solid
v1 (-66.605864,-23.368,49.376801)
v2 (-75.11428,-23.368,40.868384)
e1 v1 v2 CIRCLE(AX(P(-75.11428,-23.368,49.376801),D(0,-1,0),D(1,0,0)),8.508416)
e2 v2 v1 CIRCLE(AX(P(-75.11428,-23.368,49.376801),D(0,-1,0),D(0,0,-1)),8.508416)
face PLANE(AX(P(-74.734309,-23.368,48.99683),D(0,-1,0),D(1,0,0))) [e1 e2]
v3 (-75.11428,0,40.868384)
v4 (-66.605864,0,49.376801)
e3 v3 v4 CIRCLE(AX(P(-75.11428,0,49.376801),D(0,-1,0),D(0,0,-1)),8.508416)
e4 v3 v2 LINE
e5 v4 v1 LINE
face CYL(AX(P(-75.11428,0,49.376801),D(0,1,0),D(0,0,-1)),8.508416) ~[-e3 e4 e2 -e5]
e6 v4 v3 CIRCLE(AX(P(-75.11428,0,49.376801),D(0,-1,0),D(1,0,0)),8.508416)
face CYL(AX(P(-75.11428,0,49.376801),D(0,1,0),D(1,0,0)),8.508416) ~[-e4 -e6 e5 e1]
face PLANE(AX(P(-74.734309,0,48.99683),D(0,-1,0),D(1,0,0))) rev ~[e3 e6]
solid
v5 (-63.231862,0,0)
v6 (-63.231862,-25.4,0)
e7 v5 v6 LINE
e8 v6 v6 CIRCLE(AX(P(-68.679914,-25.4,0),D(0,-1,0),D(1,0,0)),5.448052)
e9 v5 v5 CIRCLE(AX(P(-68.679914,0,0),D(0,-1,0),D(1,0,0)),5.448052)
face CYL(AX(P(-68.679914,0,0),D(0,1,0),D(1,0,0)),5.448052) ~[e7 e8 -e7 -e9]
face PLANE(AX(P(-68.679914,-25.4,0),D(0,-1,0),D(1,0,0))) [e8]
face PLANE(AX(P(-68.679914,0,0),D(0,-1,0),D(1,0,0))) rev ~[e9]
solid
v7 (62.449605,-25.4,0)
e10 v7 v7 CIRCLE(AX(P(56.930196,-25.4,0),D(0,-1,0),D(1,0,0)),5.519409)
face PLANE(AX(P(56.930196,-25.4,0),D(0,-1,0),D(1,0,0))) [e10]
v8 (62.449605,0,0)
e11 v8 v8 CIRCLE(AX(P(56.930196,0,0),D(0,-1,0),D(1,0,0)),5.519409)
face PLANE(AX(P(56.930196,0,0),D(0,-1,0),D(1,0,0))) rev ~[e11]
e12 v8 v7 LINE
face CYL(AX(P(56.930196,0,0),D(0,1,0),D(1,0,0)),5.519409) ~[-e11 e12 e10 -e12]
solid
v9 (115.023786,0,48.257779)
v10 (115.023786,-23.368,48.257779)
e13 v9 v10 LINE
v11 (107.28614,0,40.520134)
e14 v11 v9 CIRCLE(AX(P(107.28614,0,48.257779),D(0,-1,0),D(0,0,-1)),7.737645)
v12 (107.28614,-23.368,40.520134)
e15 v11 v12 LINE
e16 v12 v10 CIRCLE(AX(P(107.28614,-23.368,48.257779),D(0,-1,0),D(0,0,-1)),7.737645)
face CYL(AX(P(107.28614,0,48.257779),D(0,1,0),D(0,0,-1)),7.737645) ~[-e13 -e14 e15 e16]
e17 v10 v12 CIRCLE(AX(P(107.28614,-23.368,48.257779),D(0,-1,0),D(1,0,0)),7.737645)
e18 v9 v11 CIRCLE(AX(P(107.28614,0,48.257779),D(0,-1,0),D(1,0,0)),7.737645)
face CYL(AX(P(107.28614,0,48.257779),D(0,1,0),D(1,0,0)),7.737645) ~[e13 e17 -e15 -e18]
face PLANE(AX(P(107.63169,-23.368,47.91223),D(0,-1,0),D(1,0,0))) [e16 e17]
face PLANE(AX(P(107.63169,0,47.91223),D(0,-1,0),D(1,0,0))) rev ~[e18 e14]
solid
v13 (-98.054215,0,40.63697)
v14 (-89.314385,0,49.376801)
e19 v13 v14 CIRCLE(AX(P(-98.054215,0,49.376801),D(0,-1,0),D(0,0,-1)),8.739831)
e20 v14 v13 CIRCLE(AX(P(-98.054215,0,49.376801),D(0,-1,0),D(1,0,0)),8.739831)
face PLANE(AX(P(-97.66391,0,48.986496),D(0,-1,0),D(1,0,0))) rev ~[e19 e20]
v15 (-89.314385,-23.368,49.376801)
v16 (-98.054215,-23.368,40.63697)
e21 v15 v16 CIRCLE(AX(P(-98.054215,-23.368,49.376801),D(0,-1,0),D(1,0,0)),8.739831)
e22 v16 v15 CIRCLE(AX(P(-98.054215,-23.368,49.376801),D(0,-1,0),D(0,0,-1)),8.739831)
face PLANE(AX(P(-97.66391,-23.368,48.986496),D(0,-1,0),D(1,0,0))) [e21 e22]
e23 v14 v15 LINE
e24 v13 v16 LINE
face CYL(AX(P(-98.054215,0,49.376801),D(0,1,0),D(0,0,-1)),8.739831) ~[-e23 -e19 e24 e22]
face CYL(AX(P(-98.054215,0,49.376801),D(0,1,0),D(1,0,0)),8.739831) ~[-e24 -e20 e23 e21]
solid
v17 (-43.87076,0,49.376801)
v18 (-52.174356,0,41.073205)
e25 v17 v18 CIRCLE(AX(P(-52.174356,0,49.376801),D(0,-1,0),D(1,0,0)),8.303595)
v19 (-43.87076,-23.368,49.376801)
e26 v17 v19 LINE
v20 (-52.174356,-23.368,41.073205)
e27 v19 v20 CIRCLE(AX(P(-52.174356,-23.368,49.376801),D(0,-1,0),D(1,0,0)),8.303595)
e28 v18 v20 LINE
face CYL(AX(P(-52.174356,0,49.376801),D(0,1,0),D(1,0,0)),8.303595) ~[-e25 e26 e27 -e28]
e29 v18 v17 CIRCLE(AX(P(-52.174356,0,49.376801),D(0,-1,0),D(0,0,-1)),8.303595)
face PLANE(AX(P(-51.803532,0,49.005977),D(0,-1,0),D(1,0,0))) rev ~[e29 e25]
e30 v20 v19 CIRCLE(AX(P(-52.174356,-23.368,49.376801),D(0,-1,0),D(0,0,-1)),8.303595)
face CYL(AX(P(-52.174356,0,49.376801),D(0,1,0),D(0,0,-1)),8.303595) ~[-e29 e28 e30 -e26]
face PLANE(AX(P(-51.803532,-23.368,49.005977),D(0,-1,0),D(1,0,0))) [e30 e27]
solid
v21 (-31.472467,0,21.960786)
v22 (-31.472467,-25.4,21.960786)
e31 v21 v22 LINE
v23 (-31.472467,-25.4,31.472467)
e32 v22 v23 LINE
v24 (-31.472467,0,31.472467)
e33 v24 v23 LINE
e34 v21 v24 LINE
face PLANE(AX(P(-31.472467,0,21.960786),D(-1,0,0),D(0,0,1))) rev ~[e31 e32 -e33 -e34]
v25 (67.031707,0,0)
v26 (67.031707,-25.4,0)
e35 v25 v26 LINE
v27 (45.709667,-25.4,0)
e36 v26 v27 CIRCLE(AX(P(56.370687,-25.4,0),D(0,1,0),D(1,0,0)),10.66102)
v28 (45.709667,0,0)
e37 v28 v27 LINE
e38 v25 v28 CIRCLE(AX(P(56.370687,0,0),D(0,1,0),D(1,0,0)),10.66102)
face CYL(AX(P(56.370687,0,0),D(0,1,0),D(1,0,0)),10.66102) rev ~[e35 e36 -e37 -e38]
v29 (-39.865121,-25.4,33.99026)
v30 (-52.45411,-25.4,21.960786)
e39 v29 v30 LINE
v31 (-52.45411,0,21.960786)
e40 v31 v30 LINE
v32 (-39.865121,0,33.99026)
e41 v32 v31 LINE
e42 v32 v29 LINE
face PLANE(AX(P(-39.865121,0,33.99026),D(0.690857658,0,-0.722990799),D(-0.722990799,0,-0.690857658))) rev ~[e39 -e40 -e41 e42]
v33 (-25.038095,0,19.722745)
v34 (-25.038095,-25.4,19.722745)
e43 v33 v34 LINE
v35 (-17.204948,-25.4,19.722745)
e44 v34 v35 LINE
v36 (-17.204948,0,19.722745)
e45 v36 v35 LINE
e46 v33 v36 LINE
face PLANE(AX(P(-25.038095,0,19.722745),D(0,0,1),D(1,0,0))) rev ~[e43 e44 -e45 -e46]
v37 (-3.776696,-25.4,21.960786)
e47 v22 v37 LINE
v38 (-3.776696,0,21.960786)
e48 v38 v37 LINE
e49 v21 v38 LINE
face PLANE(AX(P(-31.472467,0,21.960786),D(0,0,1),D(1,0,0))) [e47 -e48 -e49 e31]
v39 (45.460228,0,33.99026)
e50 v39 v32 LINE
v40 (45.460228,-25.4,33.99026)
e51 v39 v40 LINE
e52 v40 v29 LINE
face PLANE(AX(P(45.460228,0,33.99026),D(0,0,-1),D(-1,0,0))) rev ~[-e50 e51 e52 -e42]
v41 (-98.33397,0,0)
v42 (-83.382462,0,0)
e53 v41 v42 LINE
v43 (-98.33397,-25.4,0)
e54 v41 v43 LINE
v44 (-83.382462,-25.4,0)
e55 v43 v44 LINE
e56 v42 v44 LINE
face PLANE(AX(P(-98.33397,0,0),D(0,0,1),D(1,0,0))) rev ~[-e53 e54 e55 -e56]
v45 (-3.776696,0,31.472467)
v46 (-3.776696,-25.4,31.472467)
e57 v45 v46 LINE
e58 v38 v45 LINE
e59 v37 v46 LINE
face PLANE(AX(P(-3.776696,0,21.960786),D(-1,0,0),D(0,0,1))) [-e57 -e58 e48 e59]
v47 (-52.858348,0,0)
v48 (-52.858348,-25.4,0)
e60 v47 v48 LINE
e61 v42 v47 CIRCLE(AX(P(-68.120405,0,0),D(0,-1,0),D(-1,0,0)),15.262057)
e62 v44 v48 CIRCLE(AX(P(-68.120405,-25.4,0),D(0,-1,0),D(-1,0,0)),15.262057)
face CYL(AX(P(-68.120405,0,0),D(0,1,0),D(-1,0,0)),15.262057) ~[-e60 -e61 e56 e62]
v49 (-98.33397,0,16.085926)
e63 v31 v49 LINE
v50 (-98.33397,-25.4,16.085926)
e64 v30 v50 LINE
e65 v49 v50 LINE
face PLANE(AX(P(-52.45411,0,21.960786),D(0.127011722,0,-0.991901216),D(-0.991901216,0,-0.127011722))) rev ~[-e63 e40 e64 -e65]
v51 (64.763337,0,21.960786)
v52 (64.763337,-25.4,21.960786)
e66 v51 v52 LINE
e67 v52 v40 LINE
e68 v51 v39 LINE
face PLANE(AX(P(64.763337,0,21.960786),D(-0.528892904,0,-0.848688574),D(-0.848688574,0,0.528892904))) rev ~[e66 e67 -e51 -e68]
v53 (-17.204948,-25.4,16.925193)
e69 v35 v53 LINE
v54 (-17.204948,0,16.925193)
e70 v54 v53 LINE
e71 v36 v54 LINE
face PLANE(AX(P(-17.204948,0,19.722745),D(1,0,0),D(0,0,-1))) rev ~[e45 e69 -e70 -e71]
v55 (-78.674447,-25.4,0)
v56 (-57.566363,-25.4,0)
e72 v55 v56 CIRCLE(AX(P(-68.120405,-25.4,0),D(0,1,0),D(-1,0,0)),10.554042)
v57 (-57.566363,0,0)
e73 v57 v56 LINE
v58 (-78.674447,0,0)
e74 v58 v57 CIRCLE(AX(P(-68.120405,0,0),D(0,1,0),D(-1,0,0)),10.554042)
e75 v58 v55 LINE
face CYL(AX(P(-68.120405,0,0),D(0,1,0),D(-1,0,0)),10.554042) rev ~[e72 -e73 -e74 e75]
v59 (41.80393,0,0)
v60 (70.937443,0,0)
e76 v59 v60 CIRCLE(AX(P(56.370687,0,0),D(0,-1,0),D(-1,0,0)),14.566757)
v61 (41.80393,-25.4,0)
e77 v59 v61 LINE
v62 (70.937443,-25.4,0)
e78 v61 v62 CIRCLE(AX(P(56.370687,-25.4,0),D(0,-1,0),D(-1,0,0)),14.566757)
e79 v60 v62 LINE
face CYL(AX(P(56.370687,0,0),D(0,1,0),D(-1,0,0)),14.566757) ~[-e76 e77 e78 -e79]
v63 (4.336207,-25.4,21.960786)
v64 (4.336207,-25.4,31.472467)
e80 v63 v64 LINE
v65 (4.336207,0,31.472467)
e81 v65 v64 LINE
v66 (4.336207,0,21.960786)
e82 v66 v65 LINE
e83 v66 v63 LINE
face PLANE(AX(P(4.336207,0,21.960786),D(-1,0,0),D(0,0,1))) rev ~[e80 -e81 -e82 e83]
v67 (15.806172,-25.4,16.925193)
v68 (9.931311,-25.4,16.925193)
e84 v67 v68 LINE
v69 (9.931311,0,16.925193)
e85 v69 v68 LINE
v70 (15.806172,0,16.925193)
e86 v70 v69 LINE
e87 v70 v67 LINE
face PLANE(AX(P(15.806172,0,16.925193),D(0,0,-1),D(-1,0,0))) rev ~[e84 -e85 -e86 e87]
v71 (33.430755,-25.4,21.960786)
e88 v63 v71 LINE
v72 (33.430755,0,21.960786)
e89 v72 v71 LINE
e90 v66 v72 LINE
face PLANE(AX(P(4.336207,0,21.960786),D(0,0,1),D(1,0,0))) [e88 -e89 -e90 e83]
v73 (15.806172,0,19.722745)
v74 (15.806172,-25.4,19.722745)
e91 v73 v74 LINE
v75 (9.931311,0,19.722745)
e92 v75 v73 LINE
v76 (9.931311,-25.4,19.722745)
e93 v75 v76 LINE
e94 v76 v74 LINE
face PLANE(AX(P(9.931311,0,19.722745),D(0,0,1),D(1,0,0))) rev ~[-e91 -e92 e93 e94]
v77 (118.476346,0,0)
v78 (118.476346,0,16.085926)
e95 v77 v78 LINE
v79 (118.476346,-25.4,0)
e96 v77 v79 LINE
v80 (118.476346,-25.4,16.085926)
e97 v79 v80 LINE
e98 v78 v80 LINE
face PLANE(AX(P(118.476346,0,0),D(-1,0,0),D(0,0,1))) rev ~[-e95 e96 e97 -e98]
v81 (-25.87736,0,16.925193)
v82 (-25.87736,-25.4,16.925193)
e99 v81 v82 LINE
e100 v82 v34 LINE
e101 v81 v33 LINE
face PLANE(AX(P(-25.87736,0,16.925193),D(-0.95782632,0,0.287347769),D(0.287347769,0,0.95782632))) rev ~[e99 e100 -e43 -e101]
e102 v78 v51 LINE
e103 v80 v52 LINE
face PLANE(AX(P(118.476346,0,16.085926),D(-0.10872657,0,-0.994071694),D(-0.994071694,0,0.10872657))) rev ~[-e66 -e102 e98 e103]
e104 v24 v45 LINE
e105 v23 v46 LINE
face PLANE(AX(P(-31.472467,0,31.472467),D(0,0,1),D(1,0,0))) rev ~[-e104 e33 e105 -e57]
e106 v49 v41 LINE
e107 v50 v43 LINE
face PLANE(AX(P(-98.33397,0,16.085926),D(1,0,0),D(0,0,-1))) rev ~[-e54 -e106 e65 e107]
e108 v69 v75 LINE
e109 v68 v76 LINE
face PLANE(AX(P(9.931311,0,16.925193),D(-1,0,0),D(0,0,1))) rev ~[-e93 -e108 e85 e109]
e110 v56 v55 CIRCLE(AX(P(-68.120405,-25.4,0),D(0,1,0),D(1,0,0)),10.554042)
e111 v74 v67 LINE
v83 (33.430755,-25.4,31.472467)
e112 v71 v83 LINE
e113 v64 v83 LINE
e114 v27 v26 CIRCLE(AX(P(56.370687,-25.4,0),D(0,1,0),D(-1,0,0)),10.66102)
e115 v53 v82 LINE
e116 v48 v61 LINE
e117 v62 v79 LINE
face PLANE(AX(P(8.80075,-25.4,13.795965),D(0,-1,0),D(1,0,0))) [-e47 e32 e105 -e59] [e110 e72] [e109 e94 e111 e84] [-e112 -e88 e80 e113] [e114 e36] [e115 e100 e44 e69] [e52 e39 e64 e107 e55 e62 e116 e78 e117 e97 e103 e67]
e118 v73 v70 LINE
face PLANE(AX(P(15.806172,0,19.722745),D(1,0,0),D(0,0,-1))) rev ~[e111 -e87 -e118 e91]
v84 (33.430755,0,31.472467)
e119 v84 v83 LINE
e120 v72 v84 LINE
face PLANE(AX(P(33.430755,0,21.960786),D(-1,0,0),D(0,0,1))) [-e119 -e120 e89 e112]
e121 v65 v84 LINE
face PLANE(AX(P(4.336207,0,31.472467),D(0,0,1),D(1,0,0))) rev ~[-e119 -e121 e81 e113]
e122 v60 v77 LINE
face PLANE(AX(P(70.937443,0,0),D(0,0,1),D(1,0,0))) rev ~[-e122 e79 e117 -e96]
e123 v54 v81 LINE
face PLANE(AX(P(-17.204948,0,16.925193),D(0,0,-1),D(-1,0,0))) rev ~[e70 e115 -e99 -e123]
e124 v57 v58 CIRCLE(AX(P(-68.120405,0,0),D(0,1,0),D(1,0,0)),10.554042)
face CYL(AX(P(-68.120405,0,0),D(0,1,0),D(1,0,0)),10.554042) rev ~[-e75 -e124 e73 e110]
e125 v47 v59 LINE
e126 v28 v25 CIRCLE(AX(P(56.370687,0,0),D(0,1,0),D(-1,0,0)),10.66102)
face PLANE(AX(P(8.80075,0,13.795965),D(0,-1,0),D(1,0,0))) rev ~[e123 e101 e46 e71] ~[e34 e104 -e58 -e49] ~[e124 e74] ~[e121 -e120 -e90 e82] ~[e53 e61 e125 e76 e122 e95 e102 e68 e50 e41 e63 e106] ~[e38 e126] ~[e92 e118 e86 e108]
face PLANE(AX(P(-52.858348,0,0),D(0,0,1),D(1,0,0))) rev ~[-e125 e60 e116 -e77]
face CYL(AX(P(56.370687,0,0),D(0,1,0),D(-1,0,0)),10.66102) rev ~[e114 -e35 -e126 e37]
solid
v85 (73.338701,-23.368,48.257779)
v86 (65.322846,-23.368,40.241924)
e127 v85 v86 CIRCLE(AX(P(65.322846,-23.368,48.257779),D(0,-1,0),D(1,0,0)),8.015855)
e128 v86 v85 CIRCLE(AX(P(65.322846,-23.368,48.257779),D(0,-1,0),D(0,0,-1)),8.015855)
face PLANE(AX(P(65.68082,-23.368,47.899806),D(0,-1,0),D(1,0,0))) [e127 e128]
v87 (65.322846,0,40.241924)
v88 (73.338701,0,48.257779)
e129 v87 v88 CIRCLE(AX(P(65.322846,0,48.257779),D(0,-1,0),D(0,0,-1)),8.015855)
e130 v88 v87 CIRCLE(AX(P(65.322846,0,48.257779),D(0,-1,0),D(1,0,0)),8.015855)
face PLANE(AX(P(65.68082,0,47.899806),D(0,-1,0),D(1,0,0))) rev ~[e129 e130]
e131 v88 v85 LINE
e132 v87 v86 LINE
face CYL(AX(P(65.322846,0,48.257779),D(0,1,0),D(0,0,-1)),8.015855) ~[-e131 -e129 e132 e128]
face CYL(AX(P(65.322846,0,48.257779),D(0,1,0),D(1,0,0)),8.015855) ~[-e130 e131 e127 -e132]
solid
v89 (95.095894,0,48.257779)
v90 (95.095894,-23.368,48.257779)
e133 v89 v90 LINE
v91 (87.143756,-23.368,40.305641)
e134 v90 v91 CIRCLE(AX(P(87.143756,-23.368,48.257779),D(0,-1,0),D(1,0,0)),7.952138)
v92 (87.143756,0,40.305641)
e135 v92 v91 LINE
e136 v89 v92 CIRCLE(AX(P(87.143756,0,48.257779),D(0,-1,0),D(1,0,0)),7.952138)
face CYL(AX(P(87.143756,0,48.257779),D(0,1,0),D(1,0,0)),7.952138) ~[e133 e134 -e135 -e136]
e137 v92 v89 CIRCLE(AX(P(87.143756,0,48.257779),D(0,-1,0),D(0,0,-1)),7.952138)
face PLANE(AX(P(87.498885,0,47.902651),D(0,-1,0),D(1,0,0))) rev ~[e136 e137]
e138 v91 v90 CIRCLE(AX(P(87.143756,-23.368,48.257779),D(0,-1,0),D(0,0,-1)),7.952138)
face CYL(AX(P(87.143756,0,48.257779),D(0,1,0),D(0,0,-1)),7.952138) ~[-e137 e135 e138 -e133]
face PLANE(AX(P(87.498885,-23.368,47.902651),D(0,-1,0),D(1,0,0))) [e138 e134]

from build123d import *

# Parameters (mm, degrees)
F0_W     = 27.6957710739
F0_H     = 9.5116812736
F0_W_2   = 29.0945479646
F1_DEPTH = 25.4
F2_R     = 5.4480518547
F3_DEPTH = 25.4
F2_R_2   = 5.5194090988
F5_DEPTH = 23.368


with BuildPart() as f1:
    # F0 (on Front) → F1 (new body)
    with BuildSketch(Plane.XZ):
        with BuildLine():
            Line((-52.8583483225, 0), (0, 0))
            Line((0, 0), (41.8039302109, 0))
            ThreePointArc((41.8039302109, 0), (56.3706867397, 14.5667565288), (70.9374432684, 0))
            Line((70.9374432684, 0), (118.4763461351, 0))
            Line((118.4763461351, 0), (118.4763461351, 16.0859264433))
            Line((118.4763461351, 16.0859264433), (64.7633373737, 21.9607856125))
            Line((64.7633373737, 21.9607856125), (45.4602278769, 33.9902602136))
            Line((45.4602278769, 33.9902602136), (-39.8651212454, 33.9902602136))
            Line((-39.8651212454, 33.9902602136), (-52.454110235, 21.9607856125))
            Line((-52.454110235, 21.9607856125), (-98.3339697123, 16.0859264433))
            Line((-98.3339697123, 16.0859264433), (-98.3339697123, 0))
            Line((-98.3339697123, 0), (-83.3824618334, 0))
            ThreePointArc((-83.3824618334, 0), (-68.1204050779, 15.2620567555), (-52.8583483225, 0))
        make_face()
        Polygon((-21.1215214804, 16.9251933694), (-25.8773602545, 16.9251933694), (-25.0380951911, 19.7227448225), (-21.1215214804, 19.7227448225), (-17.2049477696, 19.7227448225), (-17.2049477696, 16.9251933694), align=None, mode=Mode.SUBTRACT)
        with Locations((-17.6245813491, 26.7166262493)):
            Rectangle(F0_W, F0_H, mode=Mode.SUBTRACT)
        Polygon((12.8687415272, 16.9251933694), (9.9313110113, 16.9251933694), (9.9313110113, 19.7227448225), (12.8687415272, 19.7227448225), (15.8061720431, 19.7227448225), (15.8061720431, 16.9251933694), align=None, mode=Mode.SUBTRACT)
        with Locations((18.8834811561, 26.7166262493)):
            Rectangle(F0_W_2, F0_H, mode=Mode.SUBTRACT)
        with BuildLine():
            ThreePointArc((-83.3824618334, 0), (-68.1204050779, -15.2620567555), (-52.8583483225, 0))
            Line((-52.8583483225, 0), (-57.5663627858, 0))
            ThreePointArc((-57.5663627858, 0), (-68.1204050779, -10.5540422922), (-78.6744473701, 0))
            Line((-78.6744473701, 0), (-83.3824618334, 0))
        make_face()
        with BuildLine():
            Line((-57.5663627858, 0), (-52.8583483225, 0))
            ThreePointArc((-52.8583483225, 0), (-68.1204050779, 15.2620567555), (-83.3824618334, 0))
            Line((-83.3824618334, 0), (-78.6744473701, 0))
            ThreePointArc((-78.6744473701, 0), (-68.1204050779, 10.5540422922), (-57.5663627858, 0))
        make_face()
        with BuildLine():
            ThreePointArc((70.9374432684, 0), (56.3706867397, 14.5667565288), (41.8039302109, 0))
            Line((41.8039302109, 0), (45.7096665583, 0))
            ThreePointArc((45.7096665583, 0), (56.3706867397, 10.6610201813), (67.031706921, 0))
            Line((67.031706921, 0), (70.9374432684, 0))
        make_face()
        with BuildLine():
            Line((45.7096665583, 0), (41.8039302109, 0))
            ThreePointArc((41.8039302109, 0), (56.3706867397, -14.5667565288), (70.9374432684, 0))
            Line((70.9374432684, 0), (67.031706921, 0))
            ThreePointArc((67.031706921, 0), (56.3706867397, -10.6610201813), (45.7096665583, 0))
        make_face()
    extrude(amount=F1_DEPTH)


with BuildPart() as f3:
    # F2 (on Front) → F3 (new body)
    with BuildSketch(Plane.XZ):
        with Locations((-68.6799138784, 0)):
            Circle(F2_R)
    extrude(amount=F3_DEPTH)


with BuildPart() as f3b:
    # F2 (on Front) → F3, piece 2 (new body)
    with BuildSketch(Plane.XZ):
        with Locations((56.9301955402, 0)):
            Circle(F2_R_2)
    extrude(amount=F3_DEPTH)


with BuildPart() as f5:
    # F4 (on Front) → F5 (new body)
    with BuildSketch(Plane.XZ):
        with BuildLine():
            ThreePointArc((65.3228461742, 40.2419242431), (70.9909116632, 42.589713841), (73.3387012612, 48.25777933))
            ThreePointArc((73.3387012612, 48.25777933), (59.6547806852, 53.925844819), (65.3228461742, 40.2419242431))
        make_face()
    extrude(amount=F5_DEPTH)


with BuildPart() as f5b:
    # F4 (on Front) → F5, piece 2 (new body)
    with BuildSketch(Plane.XZ):
        with BuildLine():
            ThreePointArc((-52.1743558347, 41.0732052454), (-46.3028272114, 43.505272033), (-43.8707604238, 49.3768006563))
            ThreePointArc((-43.8707604238, 49.3768006563), (-58.045884458, 55.2483292796), (-52.1743558347, 41.0732052454))
        make_face()
    extrude(amount=F5_DEPTH)


with BuildPart() as f5c:
    # F4 (on Front) → F5, piece 3 (new body)
    with BuildSketch(Plane.XZ):
        with BuildLine():
            ThreePointArc((-75.1142799854, 40.8683843656), (-69.0979211291, 43.3604418), (-66.6058636947, 49.3768006563))
            ThreePointArc((-66.6058636947, 49.3768006563), (-81.1306388418, 55.3931595127), (-75.1142799854, 40.8683843656))
        make_face()
    extrude(amount=F5_DEPTH)


with BuildPart() as f5d:
    # F4 (on Front) → F5, piece 4 (new body)
    with BuildSketch(Plane.XZ):
        with BuildLine():
            ThreePointArc((-98.054215312, 40.6369699519), (-91.8742217545, 43.1968070988), (-89.3143846076, 49.3768006563))
            ThreePointArc((-89.3143846076, 49.3768006563), (-104.2342088695, 55.5567942138), (-98.054215312, 40.6369699519))
        make_face()
    extrude(amount=F5_DEPTH)


with BuildPart() as f5e:
    # F4 (on Front) → F5, piece 5 (new body)
    with BuildSketch(Plane.XZ):
        with BuildLine():
            ThreePointArc((87.1437564492, 40.3056413085), (92.7667671692, 42.6347686101), (95.0958944708, 48.25777933))
            ThreePointArc((95.0958944708, 48.25777933), (81.5207457293, 53.88079005), (87.1437564492, 40.3056413085))
        make_face()
    extrude(amount=F5_DEPTH)


with BuildPart() as f5f:
    # F4 (on Front) → F5, piece 6 (new body)
    with BuildSketch(Plane.XZ):
        with BuildLine():
            ThreePointArc((107.2861403227, 40.5201339279), (112.7574818569, 42.7864377958), (115.0237857248, 48.25777933))
            ThreePointArc((115.0237857248, 48.25777933), (101.8147987884, 53.7291208643), (107.2861403227, 40.5201339279))
        make_face()
    extrude(amount=F5_DEPTH)


solid = Compound([f1.part, f3.part, f3b.part, f5.part, f5b.part, f5c.part, f5d.part, f5e.part, f5f.part])
